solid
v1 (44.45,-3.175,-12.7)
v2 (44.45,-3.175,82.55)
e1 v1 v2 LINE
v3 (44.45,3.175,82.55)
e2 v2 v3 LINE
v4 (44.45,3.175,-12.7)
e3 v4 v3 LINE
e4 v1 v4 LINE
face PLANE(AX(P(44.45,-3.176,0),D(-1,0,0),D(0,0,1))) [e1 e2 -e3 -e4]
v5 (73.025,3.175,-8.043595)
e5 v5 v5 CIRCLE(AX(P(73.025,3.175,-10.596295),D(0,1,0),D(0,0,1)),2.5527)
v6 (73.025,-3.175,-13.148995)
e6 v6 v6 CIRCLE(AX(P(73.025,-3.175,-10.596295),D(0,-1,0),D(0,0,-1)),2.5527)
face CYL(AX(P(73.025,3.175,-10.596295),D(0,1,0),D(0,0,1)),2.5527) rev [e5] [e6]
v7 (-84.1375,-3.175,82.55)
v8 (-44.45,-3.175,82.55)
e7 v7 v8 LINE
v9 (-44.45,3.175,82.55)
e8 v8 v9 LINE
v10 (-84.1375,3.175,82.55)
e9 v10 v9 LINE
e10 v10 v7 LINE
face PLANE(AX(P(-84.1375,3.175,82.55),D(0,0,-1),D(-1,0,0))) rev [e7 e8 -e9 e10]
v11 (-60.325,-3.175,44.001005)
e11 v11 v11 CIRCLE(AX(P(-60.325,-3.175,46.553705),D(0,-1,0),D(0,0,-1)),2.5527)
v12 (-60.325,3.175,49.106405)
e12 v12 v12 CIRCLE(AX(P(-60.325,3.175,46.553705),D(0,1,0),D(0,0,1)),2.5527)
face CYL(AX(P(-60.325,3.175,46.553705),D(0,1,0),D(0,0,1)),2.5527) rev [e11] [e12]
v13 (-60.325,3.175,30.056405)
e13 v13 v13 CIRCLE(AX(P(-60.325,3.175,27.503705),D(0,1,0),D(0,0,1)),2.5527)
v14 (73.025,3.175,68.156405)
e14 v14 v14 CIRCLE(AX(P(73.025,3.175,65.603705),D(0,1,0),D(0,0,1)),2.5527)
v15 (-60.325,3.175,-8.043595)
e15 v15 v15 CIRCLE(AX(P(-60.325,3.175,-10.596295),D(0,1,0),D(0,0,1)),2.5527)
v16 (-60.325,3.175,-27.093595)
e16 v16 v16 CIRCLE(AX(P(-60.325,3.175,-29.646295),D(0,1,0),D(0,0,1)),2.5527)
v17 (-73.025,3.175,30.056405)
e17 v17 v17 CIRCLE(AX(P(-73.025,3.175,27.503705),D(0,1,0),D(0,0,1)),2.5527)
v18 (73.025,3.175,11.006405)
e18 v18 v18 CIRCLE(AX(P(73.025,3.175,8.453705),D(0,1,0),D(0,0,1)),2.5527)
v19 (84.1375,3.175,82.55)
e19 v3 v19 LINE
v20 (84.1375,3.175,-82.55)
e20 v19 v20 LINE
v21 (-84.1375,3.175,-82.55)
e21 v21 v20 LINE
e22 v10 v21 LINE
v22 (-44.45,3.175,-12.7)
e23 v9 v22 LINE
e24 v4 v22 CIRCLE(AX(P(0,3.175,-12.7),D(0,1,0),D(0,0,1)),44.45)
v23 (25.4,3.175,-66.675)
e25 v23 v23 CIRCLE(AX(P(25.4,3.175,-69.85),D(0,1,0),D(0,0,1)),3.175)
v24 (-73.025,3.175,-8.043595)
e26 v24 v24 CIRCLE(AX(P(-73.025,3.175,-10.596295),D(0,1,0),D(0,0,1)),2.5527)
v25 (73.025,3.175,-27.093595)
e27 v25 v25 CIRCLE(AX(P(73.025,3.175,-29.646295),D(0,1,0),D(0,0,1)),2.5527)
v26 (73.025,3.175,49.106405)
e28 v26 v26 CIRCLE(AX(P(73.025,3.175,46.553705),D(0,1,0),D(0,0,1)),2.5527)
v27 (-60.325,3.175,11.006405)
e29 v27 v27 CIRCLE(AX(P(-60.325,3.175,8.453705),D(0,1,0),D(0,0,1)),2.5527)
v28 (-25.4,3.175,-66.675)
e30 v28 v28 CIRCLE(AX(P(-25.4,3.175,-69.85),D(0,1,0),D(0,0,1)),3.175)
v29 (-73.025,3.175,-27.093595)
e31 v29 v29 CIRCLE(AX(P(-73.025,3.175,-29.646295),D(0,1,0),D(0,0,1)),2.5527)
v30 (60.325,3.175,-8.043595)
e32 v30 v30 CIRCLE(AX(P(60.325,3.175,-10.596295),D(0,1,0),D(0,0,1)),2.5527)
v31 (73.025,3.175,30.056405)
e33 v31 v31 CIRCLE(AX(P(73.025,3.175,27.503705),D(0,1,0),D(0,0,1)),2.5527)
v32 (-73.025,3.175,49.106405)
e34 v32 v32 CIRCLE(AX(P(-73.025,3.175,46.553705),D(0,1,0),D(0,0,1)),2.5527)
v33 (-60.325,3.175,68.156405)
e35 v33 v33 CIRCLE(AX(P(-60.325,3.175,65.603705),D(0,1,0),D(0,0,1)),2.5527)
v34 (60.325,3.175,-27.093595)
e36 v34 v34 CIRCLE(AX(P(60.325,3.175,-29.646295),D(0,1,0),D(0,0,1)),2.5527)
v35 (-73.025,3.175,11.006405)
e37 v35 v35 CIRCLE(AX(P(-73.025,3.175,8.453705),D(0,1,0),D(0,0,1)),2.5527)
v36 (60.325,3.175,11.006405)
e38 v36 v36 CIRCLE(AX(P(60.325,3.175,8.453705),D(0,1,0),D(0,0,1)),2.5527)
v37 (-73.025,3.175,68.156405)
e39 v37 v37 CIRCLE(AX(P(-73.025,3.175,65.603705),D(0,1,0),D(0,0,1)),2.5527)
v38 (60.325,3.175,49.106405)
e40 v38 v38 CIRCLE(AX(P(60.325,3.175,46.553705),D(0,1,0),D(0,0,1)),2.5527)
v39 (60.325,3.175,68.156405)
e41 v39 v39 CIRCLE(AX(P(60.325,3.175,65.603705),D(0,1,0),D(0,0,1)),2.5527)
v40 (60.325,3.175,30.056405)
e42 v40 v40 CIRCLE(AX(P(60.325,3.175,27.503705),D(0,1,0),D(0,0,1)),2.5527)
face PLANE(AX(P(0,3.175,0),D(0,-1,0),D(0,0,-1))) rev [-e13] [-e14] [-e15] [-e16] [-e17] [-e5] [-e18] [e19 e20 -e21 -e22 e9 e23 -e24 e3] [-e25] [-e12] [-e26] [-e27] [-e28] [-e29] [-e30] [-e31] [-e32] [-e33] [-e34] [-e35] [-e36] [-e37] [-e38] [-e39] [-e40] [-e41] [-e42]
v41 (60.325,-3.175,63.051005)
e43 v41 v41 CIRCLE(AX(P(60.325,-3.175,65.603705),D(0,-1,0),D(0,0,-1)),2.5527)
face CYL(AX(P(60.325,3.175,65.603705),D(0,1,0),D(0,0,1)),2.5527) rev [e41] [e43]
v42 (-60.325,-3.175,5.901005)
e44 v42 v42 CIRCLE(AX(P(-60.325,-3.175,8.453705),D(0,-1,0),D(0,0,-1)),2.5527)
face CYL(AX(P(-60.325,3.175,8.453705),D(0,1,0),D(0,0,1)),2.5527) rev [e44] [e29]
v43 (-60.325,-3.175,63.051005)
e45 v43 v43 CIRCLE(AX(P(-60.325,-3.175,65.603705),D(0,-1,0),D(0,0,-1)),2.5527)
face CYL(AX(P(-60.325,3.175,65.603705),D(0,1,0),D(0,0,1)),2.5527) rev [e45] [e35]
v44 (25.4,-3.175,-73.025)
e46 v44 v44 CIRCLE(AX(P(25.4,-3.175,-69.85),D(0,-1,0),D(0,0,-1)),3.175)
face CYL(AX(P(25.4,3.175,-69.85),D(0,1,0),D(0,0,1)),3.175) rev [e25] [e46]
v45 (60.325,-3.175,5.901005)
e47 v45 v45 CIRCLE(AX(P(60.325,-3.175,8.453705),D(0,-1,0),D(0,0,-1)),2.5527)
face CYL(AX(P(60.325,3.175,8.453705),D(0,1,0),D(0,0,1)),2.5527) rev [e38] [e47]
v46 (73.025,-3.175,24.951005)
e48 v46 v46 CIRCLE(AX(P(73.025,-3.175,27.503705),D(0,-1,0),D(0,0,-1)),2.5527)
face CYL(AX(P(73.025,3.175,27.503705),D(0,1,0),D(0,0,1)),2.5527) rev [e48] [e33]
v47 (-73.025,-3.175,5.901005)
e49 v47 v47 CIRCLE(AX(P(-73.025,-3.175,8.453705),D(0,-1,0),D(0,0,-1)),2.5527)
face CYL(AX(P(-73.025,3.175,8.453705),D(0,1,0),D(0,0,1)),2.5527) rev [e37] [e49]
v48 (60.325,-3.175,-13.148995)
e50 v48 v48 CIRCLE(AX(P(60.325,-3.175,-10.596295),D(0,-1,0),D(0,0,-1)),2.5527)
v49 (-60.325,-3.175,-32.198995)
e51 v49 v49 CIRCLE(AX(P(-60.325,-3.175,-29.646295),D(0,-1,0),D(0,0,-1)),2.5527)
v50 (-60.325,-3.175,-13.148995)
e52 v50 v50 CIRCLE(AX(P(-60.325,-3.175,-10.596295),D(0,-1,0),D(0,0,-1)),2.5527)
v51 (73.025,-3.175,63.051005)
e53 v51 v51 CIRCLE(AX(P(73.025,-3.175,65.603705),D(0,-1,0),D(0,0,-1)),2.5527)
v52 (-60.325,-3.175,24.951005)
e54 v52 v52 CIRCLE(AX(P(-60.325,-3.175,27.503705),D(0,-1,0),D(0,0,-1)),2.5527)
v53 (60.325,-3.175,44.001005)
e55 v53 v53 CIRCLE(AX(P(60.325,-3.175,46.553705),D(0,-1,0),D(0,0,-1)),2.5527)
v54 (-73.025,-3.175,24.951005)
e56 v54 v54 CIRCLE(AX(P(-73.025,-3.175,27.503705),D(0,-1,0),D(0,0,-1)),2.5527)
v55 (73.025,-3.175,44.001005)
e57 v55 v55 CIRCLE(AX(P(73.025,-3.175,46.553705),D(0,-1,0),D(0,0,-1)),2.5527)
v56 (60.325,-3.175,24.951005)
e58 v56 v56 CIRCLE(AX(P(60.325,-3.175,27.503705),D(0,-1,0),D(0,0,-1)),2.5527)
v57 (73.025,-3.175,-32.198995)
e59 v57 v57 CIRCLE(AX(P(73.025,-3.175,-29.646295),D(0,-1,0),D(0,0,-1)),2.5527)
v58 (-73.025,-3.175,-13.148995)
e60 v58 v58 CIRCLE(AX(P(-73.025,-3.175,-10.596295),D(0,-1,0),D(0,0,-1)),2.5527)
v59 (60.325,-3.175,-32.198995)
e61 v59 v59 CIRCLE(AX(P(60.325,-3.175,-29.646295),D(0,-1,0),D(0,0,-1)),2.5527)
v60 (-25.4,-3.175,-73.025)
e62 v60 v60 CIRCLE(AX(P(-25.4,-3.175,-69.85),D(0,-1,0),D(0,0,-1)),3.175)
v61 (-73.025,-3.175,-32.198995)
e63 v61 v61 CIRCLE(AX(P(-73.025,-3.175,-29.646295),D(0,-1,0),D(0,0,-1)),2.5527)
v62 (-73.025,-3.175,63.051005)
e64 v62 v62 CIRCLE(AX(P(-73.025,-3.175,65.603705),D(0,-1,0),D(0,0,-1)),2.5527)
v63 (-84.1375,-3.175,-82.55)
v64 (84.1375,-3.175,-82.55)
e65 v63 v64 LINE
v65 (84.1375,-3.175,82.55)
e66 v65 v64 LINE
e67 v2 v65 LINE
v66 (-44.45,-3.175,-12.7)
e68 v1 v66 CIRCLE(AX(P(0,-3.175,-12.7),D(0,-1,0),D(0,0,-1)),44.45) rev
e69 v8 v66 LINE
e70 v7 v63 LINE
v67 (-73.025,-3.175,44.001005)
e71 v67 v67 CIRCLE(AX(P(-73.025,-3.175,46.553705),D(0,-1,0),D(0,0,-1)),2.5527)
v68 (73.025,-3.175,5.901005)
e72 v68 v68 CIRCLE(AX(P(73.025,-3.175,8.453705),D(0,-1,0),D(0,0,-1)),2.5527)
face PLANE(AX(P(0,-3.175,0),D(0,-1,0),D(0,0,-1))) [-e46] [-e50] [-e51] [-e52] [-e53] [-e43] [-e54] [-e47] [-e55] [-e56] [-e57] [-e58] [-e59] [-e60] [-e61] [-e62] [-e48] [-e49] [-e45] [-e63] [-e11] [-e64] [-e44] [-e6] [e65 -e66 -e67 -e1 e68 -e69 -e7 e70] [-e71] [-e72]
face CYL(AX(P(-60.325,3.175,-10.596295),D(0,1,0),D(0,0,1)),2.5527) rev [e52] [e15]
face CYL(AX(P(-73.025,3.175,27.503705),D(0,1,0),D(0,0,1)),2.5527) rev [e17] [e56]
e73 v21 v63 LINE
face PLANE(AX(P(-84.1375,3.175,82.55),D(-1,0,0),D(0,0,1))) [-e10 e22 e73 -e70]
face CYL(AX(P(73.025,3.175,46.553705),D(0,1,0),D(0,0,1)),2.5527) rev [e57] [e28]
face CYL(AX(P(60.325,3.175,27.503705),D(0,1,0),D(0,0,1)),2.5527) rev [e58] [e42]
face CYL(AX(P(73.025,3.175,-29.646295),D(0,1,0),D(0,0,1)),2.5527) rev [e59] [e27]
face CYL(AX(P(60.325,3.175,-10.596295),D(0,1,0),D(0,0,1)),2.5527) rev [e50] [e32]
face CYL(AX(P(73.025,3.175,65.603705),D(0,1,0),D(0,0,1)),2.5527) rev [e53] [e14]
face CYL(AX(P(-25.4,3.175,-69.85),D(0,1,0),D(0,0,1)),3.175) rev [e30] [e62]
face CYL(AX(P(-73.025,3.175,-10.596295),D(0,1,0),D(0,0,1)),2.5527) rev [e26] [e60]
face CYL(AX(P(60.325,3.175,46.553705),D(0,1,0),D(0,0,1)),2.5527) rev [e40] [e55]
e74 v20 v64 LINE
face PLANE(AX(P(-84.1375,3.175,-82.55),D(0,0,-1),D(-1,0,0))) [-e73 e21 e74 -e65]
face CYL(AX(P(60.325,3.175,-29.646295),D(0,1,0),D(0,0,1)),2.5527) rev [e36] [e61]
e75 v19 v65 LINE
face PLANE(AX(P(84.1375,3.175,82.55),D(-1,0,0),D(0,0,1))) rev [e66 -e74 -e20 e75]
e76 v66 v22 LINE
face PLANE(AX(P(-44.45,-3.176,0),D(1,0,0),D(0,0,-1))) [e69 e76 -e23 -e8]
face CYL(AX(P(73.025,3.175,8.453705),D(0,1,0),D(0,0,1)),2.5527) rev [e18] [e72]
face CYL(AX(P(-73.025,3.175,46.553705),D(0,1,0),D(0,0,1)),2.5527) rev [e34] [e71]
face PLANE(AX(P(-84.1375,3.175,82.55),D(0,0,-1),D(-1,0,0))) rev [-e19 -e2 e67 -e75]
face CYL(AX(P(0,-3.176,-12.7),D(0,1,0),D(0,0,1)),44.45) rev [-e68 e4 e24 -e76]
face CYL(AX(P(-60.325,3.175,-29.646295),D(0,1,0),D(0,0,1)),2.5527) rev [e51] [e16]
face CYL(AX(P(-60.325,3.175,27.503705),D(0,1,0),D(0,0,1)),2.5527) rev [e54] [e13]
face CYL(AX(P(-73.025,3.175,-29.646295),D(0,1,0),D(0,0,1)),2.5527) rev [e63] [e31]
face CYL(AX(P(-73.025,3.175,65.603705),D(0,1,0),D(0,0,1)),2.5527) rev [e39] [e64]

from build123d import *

# Parameters (mm, degrees)
SKETCH1_W                        = 168.275
SKETCH1_H                        = 165.1
BOSS_EXTRUDE1_DEPTH              = 3.175
CUT_EXTRUDE1_REACH               = 120.042
SKETCH2_R                        = 44.45
F_1_4_0_25_DIAMETER_HOLE1_D      = 6.35
F_1_4_0_25_DIAMETER_HOLE1_DEPTH  = 25.4
F_1_4_0_25_DIAMETER_HOLE1_TIP    = 1.907732465
F_1_4_20_TAPPED_HOLE1_AT_2_COUNT = 2
F_1_4_20_TAPPED_HOLE1_AT_2_PITCH = 12.7
LPATTERN1_COUNT                  = 6
LPATTERN1_PITCH                  = 19.05


with BuildPart() as part:
    # Sketch1 → Boss-Extrude1 (new, symmetric)
    with BuildSketch(Plane(origin=(0, 0, 0), x_dir=(1, 0, 0), z_dir=(0, 1, 0))):
        Rectangle(SKETCH1_W, SKETCH1_H)
    extrude(amount=BOSS_EXTRUDE1_DEPTH, both=True)

    # Sketch2 → Cut-Extrude1 (cut, up to next)
    with BuildSketch(Plane(origin=(0, 3.175, 0), x_dir=(1, 0, 0), z_dir=(0, 1, 0)), mode=Mode.PRIVATE) as cut_extrude1_sk1:
        with Locations((0, 12.7)):
            Circle(SKETCH2_R)
    cut_extrude1_tool1 = extrude(cut_extrude1_sk1.sketch, amount=-CUT_EXTRUDE1_REACH, mode=Mode.PRIVATE) & part.part
    # Sketch2 → Cut-Extrude1 (cut, up to next)
    with BuildSketch(Plane(origin=(0, 3.175, 0), x_dir=(1, 0, 0), z_dir=(0, 1, 0)), mode=Mode.PRIVATE) as cut_extrude1_sk2:
        with BuildLine():
            Line((44.45, -82.55), (44.45, 12.7))
            ThreePointArc((44.45, 12.7), (0, -31.75), (-44.45, 12.7))
            Line((-44.45, 12.7), (-44.45, -82.55))
            Line((-44.45, -82.55), (44.45, -82.55))
        make_face()
    cut_extrude1_tool2 = extrude(cut_extrude1_sk2.sketch, amount=-CUT_EXTRUDE1_REACH, mode=Mode.PRIVATE) & part.part
    add(cut_extrude1_tool1.solids().sort_by_distance((0, 3.175, -12.7))[0], mode=Mode.SUBTRACT)
    add(cut_extrude1_tool2.solids().sort_by_distance((0, 3.175, 51.564855))[0], mode=Mode.SUBTRACT)

    # 1/4 (0.25) Diameter Hole1
    with Locations(Plane(origin=(0, 3.175, 0), x_dir=(1, 0, 0), z_dir=(0, 1, 0))):
        with Locations((-25.4, 69.85), (25.4, 69.85)):
            Hole(F_1_4_0_25_DIAMETER_HOLE1_D / 2, depth=F_1_4_0_25_DIAMETER_HOLE1_DEPTH)
            with Locations((0, 0, -(F_1_4_0_25_DIAMETER_HOLE1_DEPTH + F_1_4_0_25_DIAMETER_HOLE1_TIP / 2))):  # 118° drill point
                Cone(0, F_1_4_0_25_DIAMETER_HOLE1_D / 2, F_1_4_0_25_DIAMETER_HOLE1_TIP, mode=Mode.SUBTRACT)

    # Sketch10 → 1/4-20 Tapped Hole1 (revolve, cut)
    with BuildSketch(Plane(origin=(-73.025, 3.175, 65.603705108), x_dir=(0, 0, 1), z_dir=(1, 0, 0))):
        Polygon((0, 0), (0, 26.933816902), (2.5527, 25.4), (2.5527, 0), align=None)
    f_1_4_20_tapped_hole1 = revolve(axis=Axis((-73.025, 9.525, 65.603705108), (0, -1, 0)), mode=Mode.SUBTRACT)

    # 1/4-20 Tapped Hole1 at 2: 1/4-20 Tapped Hole1 ×2
    with Locations(*[(i * F_1_4_20_TAPPED_HOLE1_AT_2_PITCH, 0, 0) for i in range(1, F_1_4_20_TAPPED_HOLE1_AT_2_COUNT)]):
        add(f_1_4_20_tapped_hole1, mode=Mode.SUBTRACT)

    # LPattern1: 1/4-20 Tapped Hole1 ×6
    with Locations(*[(0, 0, -i * LPATTERN1_PITCH) for i in range(1, LPATTERN1_COUNT)]):
        add(f_1_4_20_tapped_hole1, mode=Mode.SUBTRACT)

    # LPattern1 copy 1 sketch → LPattern1 copy 1 (revolve, cut)
    with BuildSketch(Plane(origin=(-60.325, 3.175, 46.553705108), x_dir=(0, 0, 1), z_dir=(1, 0, 0))):
        Polygon((0, 0), (0, 26.933816902), (2.5527, 25.4), (2.5527, 0), align=None)
    revolve(axis=Axis((-60.325, 9.525, 46.553705108), (0, -1, 0)), mode=Mode.SUBTRACT)

    # LPattern1 copy 2 sketch → LPattern1 copy 2 (revolve, cut)
    with BuildSketch(Plane(origin=(-60.325, 3.175, 27.503705108), x_dir=(0, 0, 1), z_dir=(1, 0, 0))):
        Polygon((0, 0), (0, 26.933816902), (2.5527, 25.4), (2.5527, 0), align=None)
    revolve(axis=Axis((-60.325, 9.525, 27.503705108), (0, -1, 0)), mode=Mode.SUBTRACT)

    # LPattern1 copy 3 sketch → LPattern1 copy 3 (revolve, cut)
    with BuildSketch(Plane(origin=(-60.325, 3.175, 8.453705108), x_dir=(0, 0, 1), z_dir=(1, 0, 0))):
        Polygon((0, 0), (0, 26.933816902), (2.5527, 25.4), (2.5527, 0), align=None)
    revolve(axis=Axis((-60.325, 9.525, 8.453705108), (0, -1, 0)), mode=Mode.SUBTRACT)

    # LPattern1 copy 4 sketch → LPattern1 copy 4 (revolve, cut)
    with BuildSketch(Plane(origin=(-60.325, 3.175, -10.596294892), x_dir=(0, 0, 1), z_dir=(1, 0, 0))):
        Polygon((0, 0), (0, 26.933816902), (2.5527, 25.4), (2.5527, 0), align=None)
    revolve(axis=Axis((-60.325, 9.525, -10.596294892), (0, -1, 0)), mode=Mode.SUBTRACT)

    # LPattern1 copy 5 sketch → LPattern1 copy 5 (revolve, cut)
    with BuildSketch(Plane(origin=(-60.325, 3.175, -29.646294892), x_dir=(0, 0, 1), z_dir=(1, 0, 0))):
        Polygon((0, 0), (0, 26.933816902), (2.5527, 25.4), (2.5527, 0), align=None)
    revolve(axis=Axis((-60.325, 9.525, -29.646294892), (0, -1, 0)), mode=Mode.SUBTRACT)

    # Mirror1: 1/4-20 Tapped Hole1 across plane
    add(f_1_4_20_tapped_hole1.mirror(Plane(origin=(0, 0, 0), x_dir=(0, 0, 1), z_dir=(1, 0, 0))), mode=Mode.SUBTRACT)

    # Mirror1 copy 1 sketch → Mirror1 copy 1 (revolve, cut)
    with BuildSketch(Plane(origin=(60.325, 3.175, 65.603705108), x_dir=(0, 0, 1), z_dir=(-1, 0, 0))):
        Polygon((0, 0), (0, -26.933816902), (2.5527, -25.4), (2.5527, 0), align=None)
    revolve(axis=Axis((60.325, 9.525, 65.603705108), (0, 1, 0)), mode=Mode.SUBTRACT)

    # Mirror1 copy 2 sketch → Mirror1 copy 2 (revolve, cut)
    with BuildSketch(Plane(origin=(73.025, 3.175, 46.553705108), x_dir=(0, 0, 1), z_dir=(-1, 0, 0))):
        Polygon((0, 0), (0, -26.933816902), (2.5527, -25.4), (2.5527, 0), align=None)
    revolve(axis=Axis((73.025, 9.525, 46.553705108), (0, 1, 0)), mode=Mode.SUBTRACT)

    # Mirror1 copy 3 sketch → Mirror1 copy 3 (revolve, cut)
    with BuildSketch(Plane(origin=(73.025, 3.175, 27.503705108), x_dir=(0, 0, 1), z_dir=(-1, 0, 0))):
        Polygon((0, 0), (0, -26.933816902), (2.5527, -25.4), (2.5527, 0), align=None)
    revolve(axis=Axis((73.025, 9.525, 27.503705108), (0, 1, 0)), mode=Mode.SUBTRACT)

    # Mirror1 copy 4 sketch → Mirror1 copy 4 (revolve, cut)
    with BuildSketch(Plane(origin=(73.025, 3.175, 8.453705108), x_dir=(0, 0, 1), z_dir=(-1, 0, 0))):
        Polygon((0, 0), (0, -26.933816902), (2.5527, -25.4), (2.5527, 0), align=None)
    revolve(axis=Axis((73.025, 9.525, 8.453705108), (0, 1, 0)), mode=Mode.SUBTRACT)

    # Mirror1 copy 5 sketch → Mirror1 copy 5 (revolve, cut)
    with BuildSketch(Plane(origin=(73.025, 3.175, -10.596294892), x_dir=(0, 0, 1), z_dir=(-1, 0, 0))):
        Polygon((0, 0), (0, -26.933816902), (2.5527, -25.4), (2.5527, 0), align=None)
    revolve(axis=Axis((73.025, 9.525, -10.596294892), (0, 1, 0)), mode=Mode.SUBTRACT)

    # Mirror1 copy 6 sketch → Mirror1 copy 6 (revolve, cut)
    with BuildSketch(Plane(origin=(73.025, 3.175, -29.646294892), x_dir=(0, 0, 1), z_dir=(-1, 0, 0))):
        Polygon((0, 0), (0, -26.933816902), (2.5527, -25.4), (2.5527, 0), align=None)
    revolve(axis=Axis((73.025, 9.525, -29.646294892), (0, 1, 0)), mode=Mode.SUBTRACT)

    # Mirror1 copy 7 sketch → Mirror1 copy 7 (revolve, cut)
    with BuildSketch(Plane(origin=(60.325, 3.175, 46.553705108), x_dir=(0, 0, 1), z_dir=(-1, 0, 0))):
        Polygon((0, 0), (0, -26.933816902), (2.5527, -25.4), (2.5527, 0), align=None)
    revolve(axis=Axis((60.325, 9.525, 46.553705108), (0, 1, 0)), mode=Mode.SUBTRACT)

    # Mirror1 copy 8 sketch → Mirror1 copy 8 (revolve, cut)
    with BuildSketch(Plane(origin=(60.325, 3.175, 27.503705108), x_dir=(0, 0, 1), z_dir=(-1, 0, 0))):
        Polygon((0, 0), (0, -26.933816902), (2.5527, -25.4), (2.5527, 0), align=None)
    revolve(axis=Axis((60.325, 9.525, 27.503705108), (0, 1, 0)), mode=Mode.SUBTRACT)

    # Mirror1 copy 9 sketch → Mirror1 copy 9 (revolve, cut)
    with BuildSketch(Plane(origin=(60.325, 3.175, 8.453705108), x_dir=(0, 0, 1), z_dir=(-1, 0, 0))):
        Polygon((0, 0), (0, -26.933816902), (2.5527, -25.4), (2.5527, 0), align=None)
    revolve(axis=Axis((60.325, 9.525, 8.453705108), (0, 1, 0)), mode=Mode.SUBTRACT)

    # Mirror1 copy 10 sketch → Mirror1 copy 10 (revolve, cut)
    with BuildSketch(Plane(origin=(60.325, 3.175, -10.596294892), x_dir=(0, 0, 1), z_dir=(-1, 0, 0))):
        Polygon((0, 0), (0, -26.933816902), (2.5527, -25.4), (2.5527, 0), align=None)
    revolve(axis=Axis((60.325, 9.525, -10.596294892), (0, 1, 0)), mode=Mode.SUBTRACT)

    # Mirror1 copy 11 sketch → Mirror1 copy 11 (revolve, cut)
    with BuildSketch(Plane(origin=(60.325, 3.175, -29.646294892), x_dir=(0, 0, 1), z_dir=(-1, 0, 0))):
        Polygon((0, 0), (0, -26.933816902), (2.5527, -25.4), (2.5527, 0), align=None)
    revolve(axis=Axis((60.325, 9.525, -29.646294892), (0, 1, 0)), mode=Mode.SUBTRACT)


solid = part.part
